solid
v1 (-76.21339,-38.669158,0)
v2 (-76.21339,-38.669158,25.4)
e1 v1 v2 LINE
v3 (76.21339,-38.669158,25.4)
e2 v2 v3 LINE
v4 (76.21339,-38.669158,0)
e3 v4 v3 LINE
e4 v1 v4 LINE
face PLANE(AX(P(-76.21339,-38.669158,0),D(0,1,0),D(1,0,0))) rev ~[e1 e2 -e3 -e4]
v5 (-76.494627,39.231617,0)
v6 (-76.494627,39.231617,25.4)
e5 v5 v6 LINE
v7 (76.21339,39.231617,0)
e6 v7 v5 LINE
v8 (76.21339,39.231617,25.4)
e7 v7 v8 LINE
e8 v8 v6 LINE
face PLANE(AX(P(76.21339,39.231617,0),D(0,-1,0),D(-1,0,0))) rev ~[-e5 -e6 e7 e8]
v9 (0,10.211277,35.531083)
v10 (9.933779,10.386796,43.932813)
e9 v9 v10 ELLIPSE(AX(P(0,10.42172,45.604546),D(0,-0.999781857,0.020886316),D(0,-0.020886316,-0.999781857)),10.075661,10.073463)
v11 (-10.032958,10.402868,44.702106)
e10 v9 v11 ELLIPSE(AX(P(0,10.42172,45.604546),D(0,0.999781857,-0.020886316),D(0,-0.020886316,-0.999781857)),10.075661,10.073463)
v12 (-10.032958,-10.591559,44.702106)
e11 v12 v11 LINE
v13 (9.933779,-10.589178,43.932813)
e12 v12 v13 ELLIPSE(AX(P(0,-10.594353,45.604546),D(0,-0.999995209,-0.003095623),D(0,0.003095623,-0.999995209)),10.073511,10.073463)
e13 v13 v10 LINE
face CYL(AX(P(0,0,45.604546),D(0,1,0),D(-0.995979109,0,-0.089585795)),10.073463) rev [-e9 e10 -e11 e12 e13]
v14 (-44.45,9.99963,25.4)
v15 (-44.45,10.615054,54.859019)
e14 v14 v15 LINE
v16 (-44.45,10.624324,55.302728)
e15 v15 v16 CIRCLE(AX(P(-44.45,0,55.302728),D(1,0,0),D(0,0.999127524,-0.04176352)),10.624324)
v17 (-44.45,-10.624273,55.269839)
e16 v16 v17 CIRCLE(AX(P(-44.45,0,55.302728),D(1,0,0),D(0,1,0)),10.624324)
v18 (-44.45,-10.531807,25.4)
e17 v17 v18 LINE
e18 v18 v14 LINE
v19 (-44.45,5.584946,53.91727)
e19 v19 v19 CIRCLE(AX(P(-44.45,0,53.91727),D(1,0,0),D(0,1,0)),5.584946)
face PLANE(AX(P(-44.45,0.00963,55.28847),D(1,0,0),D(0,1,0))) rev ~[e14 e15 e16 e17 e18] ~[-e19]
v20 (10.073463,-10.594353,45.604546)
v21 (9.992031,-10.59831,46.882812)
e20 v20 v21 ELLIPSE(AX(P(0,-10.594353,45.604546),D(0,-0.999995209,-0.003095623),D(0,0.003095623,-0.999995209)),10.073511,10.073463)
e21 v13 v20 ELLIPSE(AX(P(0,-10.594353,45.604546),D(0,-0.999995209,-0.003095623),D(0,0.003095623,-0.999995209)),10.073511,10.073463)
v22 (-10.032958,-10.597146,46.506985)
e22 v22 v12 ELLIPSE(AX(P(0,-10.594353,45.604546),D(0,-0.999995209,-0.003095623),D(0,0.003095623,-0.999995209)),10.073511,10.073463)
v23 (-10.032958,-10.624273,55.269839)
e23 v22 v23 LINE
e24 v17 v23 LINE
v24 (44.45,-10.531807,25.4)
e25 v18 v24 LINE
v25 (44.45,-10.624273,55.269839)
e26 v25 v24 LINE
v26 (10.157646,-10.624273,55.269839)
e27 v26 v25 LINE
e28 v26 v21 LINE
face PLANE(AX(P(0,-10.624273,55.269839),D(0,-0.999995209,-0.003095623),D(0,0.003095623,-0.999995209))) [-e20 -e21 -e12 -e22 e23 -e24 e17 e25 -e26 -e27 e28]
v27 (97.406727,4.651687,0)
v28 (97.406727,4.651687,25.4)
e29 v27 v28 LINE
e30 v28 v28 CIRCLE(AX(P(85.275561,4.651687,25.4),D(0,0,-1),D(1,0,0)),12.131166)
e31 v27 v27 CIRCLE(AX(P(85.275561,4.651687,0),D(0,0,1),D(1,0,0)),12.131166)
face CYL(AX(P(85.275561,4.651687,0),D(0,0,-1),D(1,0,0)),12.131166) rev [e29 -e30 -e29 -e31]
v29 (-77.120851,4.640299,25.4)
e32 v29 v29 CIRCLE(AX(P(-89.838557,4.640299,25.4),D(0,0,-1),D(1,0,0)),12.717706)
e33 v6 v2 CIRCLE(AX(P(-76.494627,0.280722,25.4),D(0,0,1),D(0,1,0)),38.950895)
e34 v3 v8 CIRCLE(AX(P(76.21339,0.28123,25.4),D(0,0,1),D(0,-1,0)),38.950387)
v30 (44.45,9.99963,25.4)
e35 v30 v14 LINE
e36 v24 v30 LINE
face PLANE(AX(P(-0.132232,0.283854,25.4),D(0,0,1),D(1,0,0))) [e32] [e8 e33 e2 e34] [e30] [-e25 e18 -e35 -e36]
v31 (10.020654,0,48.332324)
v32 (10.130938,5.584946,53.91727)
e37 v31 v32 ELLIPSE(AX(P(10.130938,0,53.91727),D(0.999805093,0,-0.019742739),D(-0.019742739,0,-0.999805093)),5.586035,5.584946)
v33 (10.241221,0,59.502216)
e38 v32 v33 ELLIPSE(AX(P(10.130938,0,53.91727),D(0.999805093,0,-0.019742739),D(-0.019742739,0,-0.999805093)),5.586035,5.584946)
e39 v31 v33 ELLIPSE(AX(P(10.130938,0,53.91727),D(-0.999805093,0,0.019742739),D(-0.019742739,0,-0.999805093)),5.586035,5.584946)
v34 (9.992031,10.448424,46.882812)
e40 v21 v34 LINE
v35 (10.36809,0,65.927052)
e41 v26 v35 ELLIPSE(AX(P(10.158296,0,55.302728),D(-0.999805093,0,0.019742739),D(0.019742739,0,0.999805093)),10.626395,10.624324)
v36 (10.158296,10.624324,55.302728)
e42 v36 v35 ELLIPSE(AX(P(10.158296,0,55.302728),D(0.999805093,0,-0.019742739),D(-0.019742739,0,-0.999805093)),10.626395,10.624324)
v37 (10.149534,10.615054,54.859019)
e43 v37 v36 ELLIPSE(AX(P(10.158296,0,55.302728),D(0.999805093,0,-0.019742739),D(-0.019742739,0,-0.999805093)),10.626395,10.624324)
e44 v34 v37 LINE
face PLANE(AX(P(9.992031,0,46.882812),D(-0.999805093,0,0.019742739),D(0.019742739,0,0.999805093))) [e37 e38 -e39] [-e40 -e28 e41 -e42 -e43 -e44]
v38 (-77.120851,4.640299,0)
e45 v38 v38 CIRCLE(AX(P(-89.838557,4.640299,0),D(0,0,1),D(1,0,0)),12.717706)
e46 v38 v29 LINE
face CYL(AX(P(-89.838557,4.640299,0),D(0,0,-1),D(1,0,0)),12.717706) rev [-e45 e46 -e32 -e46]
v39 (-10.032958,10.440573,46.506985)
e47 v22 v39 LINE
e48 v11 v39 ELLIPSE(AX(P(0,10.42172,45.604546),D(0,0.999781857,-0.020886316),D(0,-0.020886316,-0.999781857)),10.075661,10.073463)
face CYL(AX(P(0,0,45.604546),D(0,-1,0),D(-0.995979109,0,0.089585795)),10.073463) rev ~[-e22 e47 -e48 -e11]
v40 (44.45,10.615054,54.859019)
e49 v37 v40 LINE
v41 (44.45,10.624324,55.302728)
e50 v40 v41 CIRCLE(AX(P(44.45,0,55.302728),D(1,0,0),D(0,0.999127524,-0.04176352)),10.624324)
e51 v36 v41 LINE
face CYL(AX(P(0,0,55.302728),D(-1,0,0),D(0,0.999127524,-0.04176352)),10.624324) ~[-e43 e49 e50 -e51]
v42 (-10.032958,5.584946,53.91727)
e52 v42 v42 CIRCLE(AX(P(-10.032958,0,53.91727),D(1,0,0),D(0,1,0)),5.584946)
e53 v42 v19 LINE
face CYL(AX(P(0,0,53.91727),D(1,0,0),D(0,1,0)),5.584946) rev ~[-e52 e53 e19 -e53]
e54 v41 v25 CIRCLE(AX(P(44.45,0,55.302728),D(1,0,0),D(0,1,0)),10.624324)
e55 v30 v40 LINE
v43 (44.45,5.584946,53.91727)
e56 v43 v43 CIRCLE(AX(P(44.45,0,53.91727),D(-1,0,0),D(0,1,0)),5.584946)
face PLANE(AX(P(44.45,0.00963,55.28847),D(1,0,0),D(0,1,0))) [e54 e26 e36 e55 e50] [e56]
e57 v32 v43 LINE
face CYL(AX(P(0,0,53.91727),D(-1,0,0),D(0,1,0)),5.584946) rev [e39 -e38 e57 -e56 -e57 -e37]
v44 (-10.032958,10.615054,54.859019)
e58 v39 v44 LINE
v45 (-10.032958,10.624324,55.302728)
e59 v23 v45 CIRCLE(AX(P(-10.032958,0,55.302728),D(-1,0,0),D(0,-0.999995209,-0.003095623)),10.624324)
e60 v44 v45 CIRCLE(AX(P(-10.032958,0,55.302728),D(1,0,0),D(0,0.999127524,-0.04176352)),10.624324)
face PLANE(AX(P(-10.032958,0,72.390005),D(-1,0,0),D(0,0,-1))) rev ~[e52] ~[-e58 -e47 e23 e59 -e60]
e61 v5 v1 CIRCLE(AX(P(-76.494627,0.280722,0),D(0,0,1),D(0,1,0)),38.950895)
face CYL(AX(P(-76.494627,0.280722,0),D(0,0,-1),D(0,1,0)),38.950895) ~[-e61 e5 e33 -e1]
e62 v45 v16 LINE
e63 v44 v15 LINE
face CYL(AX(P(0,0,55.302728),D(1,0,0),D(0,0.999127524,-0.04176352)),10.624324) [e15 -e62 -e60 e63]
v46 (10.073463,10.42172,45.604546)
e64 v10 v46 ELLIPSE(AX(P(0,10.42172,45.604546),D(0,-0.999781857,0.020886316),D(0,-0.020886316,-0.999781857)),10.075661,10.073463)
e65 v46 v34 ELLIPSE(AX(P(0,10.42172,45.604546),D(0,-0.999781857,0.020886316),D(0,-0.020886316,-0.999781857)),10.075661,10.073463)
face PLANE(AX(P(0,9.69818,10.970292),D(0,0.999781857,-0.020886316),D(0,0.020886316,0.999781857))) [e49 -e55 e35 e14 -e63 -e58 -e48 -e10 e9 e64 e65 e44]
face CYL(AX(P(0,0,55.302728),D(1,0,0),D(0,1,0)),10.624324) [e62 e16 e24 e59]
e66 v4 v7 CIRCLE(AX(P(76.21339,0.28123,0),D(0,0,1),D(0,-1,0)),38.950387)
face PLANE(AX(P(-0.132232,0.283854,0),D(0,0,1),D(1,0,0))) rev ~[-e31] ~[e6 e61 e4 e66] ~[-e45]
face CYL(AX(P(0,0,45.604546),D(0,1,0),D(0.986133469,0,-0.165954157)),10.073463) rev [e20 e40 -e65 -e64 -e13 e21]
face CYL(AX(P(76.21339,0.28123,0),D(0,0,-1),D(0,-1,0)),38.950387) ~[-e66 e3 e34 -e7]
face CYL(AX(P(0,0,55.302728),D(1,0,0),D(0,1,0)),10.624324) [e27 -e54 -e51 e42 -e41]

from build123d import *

# Parameters (mm, degrees)
F1_DEPTH      = 25.4
F2_R          = 12.7177056433
F2_R_2        = 12.1311661923
F3_DEPTH      = 25.401
F5_DEPTH      = 44.45
F5_DEPTH_BACK = 44.45
F7_DEPTH      = 25.4
F7_DEPTH_BACK = 25.4
F8_R          = 5.5849461746
F9_DEPTH      = 115.4465217498
F9_DEPTH_BACK = 68.58


with BuildPart() as f1:
    # F0 (on Top) → F1 (new body)
    with BuildSketch(Plane.XY):
        with BuildLine():
            Line((76.2133896351, 39.2316170037), (-76.4946267009, 39.2316170037))
            ThreePointArc((-76.4946267009, 39.2316170037), (-115.4452679188, 0.1401025055), (-76.2133896351, -38.6691577733))
            Line((-76.2133896351, -38.6691577733), (76.2133896351, -38.6691577733))
            ThreePointArc((76.2133896351, -38.6691577733), (115.1637770236, 0.2812296152), (76.2133896351, 39.2316170037))
        make_face()
    extrude(amount=F1_DEPTH)

    # F2 (on Top) → F3 (cut, through all)
    with BuildSketch(Plane.XY):
        with Locations((-89.8385569453, 4.6402988955)):
            Circle(F2_R)
        with Locations((85.2755606174, 4.6516866423)):
            Circle(F2_R_2)
    extrude(amount=F3_DEPTH, mode=Mode.SUBTRACT)

    # F4 (on Right) → F5 (join, two sides)
    with BuildSketch(Plane.YZ) as f5_sk:
        with BuildLine():
            Line((10.6150543281, 54.8590188052), (10.6243238001, 55.3027279675))
            ThreePointArc((10.6243238001, 55.3027279675), (-0.0164444689, 65.9270390411), (-10.6242728941, 55.2698390691))
            ThreePointArc((-10.6242728941, 55.2698390691), (-0.2054618402, 44.6803910476), (10.6150543281, 54.8590188052))
        make_face()
        with BuildLine():
            ThreePointArc((10.6150543281, 54.8590188052), (10.6220061793, 55.0808249798), (10.6243238001, 55.3027279675))
            Line((10.6243238001, 55.3027279675), (10.6150543281, 54.8590188052))
        make_face()
        with BuildLine():
            ThreePointArc((10.6150543281, 54.8590188052), (-0.2054618402, 44.6803910476), (-10.6242728941, 55.2698390691))
            Line((-10.6242728941, 55.2698390691), (-10.4871375507, 10.9702917508))
            Line((-10.4871375507, 10.9702917508), (9.6981804819, 10.9702917508))
            Line((9.6981804819, 10.9702917508), (10.6150543281, 54.8590188052))
        make_face()
    extrude(amount=F5_DEPTH)
    extrude(f5_sk.sketch, amount=-F5_DEPTH_BACK)

    # F6 (on Front) → F7 (cut, two sides)
    with BuildSketch(Plane.XZ) as f7_sk:
        with BuildLine():
            Line((-10.0329583581, 46.5069847835), (-10.0329583581, 44.7021064626))
            ThreePointArc((-10.0329583581, 44.7021064626), (-0.3878303842, 35.5385515118), (9.9337786678, 43.9328126198))
            Line((9.9337786678, 43.9328126198), (9.9920310872, 46.8828118731))
            ThreePointArc((9.9920310872, 46.8828118731), (-0.1890244976, 55.676234637), (-10.0329583581, 46.5069847835))
        make_face()
        with BuildLine():
            ThreePointArc((-10.0329583581, 46.5069847835), (-10.0734626546, 45.6045456231), (-10.0329583581, 44.7021064626))
            Line((-10.0329583581, 44.7021064626), (-10.0329583581, 46.5069847835))
        make_face()
        with BuildLine():
            Line((9.9920310872, 46.8828118731), (9.9337786678, 43.9328126198))
            ThreePointArc((9.9337786678, 43.9328126198), (10.038480918, 44.7657663239), (10.0734626546, 45.6045456231))
            ThreePointArc((10.0734626546, 45.6045456231), (10.0530841501, 46.2449743283), (9.9920310872, 46.8828118731))
        make_face()
        with BuildLine():
            Line((-10.0329583581, 72.3900050139), (-10.0329583581, 46.5069847835))
            ThreePointArc((-10.0329583581, 46.5069847835), (-0.1890244976, 55.676234637), (9.9920310872, 46.8828118731))
            Line((9.9920310872, 46.8828118731), (10.495711118, 72.3900050139))
            Line((10.495711118, 72.3900050139), (-10.0329583581, 72.3900050139))
        make_face()
    extrude(amount=-F7_DEPTH, mode=Mode.SUBTRACT)
    extrude(f7_sk.sketch, amount=F7_DEPTH_BACK, mode=Mode.SUBTRACT)

    # F8 (on Right) → F9 (cut, two sides)
    with BuildSketch(Plane.YZ) as f9_sk:
        with Locations((0, 53.9172701538)):
            Circle(F8_R)
    extrude(amount=-F9_DEPTH, mode=Mode.SUBTRACT)
    extrude(f9_sk.sketch, amount=F9_DEPTH_BACK, mode=Mode.SUBTRACT)


solid = f1.part
